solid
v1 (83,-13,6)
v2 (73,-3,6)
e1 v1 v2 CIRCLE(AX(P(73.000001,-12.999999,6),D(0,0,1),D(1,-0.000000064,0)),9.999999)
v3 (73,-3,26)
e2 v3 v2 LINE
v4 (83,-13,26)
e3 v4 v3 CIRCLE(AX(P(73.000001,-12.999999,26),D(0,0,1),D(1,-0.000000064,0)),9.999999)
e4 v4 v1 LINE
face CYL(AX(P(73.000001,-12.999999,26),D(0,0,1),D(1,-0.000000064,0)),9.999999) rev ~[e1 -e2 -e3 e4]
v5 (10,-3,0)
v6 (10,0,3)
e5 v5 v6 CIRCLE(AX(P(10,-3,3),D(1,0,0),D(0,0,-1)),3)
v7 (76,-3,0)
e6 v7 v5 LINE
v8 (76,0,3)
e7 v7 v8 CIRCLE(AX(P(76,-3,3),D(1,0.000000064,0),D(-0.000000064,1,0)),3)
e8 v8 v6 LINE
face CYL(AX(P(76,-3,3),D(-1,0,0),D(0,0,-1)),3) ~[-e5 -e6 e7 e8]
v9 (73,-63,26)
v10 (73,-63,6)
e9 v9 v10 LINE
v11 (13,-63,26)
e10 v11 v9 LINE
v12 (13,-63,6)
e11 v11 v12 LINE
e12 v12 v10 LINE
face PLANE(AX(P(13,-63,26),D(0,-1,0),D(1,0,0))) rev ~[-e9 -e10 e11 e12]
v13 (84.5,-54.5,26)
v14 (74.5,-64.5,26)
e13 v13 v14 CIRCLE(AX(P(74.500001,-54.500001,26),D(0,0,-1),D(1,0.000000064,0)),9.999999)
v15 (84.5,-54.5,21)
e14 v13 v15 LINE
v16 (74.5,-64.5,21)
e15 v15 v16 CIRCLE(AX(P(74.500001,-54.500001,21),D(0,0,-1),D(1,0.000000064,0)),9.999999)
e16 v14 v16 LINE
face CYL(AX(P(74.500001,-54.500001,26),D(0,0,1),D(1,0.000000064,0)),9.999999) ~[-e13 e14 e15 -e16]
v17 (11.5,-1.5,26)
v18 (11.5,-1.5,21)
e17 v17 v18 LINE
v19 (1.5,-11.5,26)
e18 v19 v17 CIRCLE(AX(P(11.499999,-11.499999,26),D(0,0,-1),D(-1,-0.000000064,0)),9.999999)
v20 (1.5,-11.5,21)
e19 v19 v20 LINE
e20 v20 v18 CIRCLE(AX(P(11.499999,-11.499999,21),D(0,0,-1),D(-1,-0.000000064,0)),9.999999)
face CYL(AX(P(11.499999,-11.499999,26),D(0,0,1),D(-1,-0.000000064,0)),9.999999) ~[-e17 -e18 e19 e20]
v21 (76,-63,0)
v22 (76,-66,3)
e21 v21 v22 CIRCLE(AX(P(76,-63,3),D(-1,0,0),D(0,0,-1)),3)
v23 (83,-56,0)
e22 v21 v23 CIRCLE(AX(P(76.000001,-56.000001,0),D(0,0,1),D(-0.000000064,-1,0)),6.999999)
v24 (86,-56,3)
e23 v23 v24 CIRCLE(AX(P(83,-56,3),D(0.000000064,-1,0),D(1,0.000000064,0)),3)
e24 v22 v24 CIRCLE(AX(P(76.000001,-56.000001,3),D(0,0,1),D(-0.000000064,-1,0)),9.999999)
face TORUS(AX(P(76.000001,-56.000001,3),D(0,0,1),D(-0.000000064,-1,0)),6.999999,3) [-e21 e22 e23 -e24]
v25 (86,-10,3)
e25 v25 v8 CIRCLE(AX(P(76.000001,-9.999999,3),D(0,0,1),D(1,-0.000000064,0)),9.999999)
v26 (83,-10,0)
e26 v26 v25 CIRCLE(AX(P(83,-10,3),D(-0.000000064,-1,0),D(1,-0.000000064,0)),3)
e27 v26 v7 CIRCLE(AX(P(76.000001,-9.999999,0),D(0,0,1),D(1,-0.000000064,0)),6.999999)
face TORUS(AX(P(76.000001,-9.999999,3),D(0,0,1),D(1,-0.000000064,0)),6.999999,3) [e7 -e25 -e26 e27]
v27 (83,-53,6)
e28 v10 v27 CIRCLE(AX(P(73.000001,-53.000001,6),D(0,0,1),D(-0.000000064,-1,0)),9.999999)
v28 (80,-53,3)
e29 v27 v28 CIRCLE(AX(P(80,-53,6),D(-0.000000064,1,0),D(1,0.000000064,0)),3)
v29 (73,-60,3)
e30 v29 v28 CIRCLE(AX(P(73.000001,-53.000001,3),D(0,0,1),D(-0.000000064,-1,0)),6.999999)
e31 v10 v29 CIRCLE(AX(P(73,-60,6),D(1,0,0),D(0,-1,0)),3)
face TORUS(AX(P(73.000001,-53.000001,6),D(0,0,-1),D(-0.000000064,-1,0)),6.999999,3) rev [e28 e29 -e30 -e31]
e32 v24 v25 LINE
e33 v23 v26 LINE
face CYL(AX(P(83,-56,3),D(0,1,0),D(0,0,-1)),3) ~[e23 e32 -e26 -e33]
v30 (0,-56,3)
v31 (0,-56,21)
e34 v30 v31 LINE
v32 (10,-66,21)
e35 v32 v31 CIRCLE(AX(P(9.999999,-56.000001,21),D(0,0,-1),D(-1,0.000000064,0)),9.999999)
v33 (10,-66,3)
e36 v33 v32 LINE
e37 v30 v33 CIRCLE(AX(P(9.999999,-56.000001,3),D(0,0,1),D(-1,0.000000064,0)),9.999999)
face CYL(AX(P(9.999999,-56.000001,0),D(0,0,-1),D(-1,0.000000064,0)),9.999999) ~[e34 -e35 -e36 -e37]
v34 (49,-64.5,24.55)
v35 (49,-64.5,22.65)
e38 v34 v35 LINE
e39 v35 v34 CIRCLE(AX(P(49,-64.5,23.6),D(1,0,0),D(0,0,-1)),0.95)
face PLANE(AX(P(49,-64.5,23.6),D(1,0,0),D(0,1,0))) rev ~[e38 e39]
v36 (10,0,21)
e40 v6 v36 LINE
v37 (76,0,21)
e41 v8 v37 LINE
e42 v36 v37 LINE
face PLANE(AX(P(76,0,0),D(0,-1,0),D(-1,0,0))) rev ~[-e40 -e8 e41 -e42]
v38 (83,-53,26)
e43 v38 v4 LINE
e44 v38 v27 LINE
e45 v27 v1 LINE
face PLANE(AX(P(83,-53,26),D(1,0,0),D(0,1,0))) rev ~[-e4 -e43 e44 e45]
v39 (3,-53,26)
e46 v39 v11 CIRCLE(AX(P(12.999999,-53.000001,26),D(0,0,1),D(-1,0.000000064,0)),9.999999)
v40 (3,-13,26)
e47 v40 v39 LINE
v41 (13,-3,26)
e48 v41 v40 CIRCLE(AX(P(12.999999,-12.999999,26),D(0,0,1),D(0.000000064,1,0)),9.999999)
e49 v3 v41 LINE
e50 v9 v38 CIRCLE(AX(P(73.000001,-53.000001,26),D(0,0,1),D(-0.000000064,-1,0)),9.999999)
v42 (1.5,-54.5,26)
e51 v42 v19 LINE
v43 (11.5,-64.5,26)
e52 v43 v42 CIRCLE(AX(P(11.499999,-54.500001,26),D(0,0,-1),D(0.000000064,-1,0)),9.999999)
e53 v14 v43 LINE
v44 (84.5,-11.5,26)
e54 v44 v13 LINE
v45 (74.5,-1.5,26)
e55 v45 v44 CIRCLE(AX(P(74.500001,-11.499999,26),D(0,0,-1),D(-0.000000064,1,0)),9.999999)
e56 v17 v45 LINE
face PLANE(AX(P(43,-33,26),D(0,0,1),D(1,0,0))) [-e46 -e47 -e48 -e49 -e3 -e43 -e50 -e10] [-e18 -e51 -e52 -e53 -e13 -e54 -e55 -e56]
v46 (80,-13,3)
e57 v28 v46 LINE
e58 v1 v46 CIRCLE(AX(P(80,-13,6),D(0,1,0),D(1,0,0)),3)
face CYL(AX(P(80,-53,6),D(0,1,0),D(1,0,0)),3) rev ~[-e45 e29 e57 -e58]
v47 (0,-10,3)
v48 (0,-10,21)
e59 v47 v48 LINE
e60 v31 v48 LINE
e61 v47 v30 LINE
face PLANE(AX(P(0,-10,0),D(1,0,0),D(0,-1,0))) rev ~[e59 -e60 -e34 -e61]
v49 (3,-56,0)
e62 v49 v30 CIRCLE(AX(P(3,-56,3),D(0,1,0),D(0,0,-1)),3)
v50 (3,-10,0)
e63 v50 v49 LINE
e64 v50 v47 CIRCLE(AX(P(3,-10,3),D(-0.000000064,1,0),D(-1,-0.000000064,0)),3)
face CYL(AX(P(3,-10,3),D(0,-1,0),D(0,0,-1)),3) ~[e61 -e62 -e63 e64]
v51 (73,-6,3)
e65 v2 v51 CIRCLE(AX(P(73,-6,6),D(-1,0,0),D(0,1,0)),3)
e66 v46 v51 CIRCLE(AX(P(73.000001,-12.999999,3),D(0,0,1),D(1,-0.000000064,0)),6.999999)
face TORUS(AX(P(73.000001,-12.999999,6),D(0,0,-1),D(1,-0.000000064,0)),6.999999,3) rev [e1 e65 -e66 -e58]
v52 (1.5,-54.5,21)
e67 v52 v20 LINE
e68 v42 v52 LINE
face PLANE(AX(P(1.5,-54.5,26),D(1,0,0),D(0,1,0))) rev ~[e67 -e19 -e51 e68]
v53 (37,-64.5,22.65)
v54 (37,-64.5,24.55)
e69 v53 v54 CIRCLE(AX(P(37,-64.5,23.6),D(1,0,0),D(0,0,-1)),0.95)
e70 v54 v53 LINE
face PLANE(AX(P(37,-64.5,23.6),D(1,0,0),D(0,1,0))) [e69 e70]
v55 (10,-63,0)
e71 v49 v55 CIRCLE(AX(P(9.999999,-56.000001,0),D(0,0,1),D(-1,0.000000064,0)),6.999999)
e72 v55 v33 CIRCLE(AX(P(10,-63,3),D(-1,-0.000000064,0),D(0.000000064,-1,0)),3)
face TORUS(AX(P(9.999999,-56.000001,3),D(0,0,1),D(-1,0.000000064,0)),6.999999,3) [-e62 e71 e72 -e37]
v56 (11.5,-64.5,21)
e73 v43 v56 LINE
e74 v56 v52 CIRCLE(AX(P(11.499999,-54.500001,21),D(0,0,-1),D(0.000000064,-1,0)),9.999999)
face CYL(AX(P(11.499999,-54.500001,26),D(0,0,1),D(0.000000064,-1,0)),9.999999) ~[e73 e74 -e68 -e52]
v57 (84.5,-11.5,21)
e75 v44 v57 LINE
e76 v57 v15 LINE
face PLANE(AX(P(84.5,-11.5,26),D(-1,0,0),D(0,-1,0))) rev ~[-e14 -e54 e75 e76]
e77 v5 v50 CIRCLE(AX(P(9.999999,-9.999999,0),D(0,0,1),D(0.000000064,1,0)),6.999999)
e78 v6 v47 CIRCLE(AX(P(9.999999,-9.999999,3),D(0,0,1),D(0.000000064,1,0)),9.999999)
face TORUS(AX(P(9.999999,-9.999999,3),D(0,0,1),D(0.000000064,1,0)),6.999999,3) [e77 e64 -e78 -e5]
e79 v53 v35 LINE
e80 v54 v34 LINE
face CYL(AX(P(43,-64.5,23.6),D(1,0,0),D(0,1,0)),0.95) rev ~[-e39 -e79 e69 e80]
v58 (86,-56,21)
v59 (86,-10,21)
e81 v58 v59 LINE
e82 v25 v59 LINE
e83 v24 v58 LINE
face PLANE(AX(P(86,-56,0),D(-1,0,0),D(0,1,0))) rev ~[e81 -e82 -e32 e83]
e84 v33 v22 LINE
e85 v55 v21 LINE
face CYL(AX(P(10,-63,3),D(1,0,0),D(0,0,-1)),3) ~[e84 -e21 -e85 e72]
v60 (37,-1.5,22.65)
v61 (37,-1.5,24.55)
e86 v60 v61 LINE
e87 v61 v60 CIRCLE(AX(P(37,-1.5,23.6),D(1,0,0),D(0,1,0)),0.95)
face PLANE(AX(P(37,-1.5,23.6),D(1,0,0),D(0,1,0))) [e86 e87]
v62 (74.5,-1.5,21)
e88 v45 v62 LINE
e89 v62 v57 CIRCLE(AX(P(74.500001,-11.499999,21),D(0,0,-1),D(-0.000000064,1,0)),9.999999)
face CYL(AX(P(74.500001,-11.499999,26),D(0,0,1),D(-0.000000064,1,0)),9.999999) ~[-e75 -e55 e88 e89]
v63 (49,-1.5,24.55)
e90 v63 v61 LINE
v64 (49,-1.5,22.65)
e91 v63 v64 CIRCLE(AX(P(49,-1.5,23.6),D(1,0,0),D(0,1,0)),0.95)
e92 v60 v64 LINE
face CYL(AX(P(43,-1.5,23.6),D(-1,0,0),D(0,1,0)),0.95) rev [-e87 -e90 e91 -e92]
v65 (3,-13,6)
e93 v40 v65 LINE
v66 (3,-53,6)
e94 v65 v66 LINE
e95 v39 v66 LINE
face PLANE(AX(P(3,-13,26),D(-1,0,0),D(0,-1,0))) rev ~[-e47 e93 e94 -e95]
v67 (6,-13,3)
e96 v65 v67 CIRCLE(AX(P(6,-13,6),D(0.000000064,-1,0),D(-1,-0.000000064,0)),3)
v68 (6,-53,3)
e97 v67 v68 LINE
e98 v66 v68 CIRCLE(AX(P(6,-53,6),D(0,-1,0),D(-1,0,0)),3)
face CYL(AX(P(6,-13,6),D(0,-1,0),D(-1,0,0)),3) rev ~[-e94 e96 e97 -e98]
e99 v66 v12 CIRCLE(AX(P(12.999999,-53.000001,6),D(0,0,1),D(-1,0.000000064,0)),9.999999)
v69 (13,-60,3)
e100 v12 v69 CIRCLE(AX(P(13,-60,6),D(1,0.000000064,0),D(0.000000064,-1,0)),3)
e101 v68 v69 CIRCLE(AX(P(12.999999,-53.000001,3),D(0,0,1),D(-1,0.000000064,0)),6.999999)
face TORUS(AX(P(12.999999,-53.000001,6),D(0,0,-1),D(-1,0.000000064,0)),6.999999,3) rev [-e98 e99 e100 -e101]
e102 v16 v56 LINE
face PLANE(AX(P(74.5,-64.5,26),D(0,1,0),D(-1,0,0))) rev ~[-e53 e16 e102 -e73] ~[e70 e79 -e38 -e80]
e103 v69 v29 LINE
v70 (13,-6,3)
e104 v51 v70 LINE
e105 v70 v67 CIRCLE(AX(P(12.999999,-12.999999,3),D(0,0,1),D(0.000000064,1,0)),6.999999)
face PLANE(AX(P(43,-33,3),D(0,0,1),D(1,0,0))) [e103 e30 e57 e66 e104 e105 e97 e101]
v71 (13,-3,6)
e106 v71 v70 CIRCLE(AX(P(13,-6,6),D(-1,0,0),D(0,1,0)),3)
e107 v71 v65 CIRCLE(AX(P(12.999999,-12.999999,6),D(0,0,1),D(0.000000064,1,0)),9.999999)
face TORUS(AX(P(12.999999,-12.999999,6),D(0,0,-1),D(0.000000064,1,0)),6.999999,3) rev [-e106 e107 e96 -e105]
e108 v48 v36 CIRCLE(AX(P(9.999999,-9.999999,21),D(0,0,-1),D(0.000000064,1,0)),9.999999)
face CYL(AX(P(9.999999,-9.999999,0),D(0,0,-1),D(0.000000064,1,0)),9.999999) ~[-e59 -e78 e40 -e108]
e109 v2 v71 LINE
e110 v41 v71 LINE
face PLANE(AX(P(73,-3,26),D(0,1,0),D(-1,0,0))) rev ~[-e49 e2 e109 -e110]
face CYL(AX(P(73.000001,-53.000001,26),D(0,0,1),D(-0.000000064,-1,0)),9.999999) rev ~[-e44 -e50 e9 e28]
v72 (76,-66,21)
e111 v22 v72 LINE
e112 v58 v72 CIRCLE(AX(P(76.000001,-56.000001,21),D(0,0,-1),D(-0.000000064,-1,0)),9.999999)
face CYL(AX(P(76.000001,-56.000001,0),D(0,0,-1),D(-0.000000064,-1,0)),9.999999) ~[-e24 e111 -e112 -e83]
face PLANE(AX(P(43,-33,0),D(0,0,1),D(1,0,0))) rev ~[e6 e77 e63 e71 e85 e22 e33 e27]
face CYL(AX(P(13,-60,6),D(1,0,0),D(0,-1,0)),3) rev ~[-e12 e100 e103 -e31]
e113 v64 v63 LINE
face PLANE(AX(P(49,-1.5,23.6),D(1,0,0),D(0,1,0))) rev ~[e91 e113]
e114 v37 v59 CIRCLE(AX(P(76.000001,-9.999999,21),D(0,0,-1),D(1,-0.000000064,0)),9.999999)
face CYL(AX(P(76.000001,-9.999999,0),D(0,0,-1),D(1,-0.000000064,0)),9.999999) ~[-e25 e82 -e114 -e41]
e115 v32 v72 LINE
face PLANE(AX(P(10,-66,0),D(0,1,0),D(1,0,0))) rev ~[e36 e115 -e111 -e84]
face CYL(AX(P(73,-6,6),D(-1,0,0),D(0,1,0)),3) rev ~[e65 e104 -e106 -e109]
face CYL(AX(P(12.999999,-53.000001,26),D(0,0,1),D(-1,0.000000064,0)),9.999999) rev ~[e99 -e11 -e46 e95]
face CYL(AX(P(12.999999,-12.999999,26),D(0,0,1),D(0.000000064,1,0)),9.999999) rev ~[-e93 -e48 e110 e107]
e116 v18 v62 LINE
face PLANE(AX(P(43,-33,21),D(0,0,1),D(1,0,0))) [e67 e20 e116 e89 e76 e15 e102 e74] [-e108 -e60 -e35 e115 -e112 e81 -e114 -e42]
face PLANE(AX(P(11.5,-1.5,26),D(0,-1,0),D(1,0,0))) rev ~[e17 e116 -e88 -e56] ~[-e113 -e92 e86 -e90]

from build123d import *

# Parameters (mm, degrees)
F1_DEPTH  = 26
F3_DEPTH  = 23
F4_W      = 86
F4_H      = 66
F5_DEPTH  = 5
F6_R      = 3
F7_R      = 3
F9_R      = 0.95
F10_DEPTH = 6


with BuildPart() as f1:
    # F0 (on Top) → F1 (new body)
    with BuildSketch(Plane.XY):
        with BuildLine():
            Line((76, 0), (10, 0))
            ThreePointArc((10, 0), (2.928932, -2.928932), (0, -10))
            Line((0, -10), (0, -56))
            ThreePointArc((0, -56), (2.928932, -63.071068), (10, -66))
            Line((10, -66), (76, -66))
            ThreePointArc((76, -66), (83.071068, -63.071068), (86, -56))
            Line((86, -56), (86, -10))
            ThreePointArc((86, -10), (83.071068, -2.928932), (76, 0))
        make_face()
    extrude(amount=F1_DEPTH)

    # F2 (on face) → F3 (cut)
    with BuildSketch(Plane.XY.offset(26)):
        with BuildLine():
            Line((73, -3), (13, -3))
            ThreePointArc((13, -3), (5.928932, -5.928932), (3, -13))
            Line((3, -13), (3, -53))
            ThreePointArc((3, -53), (5.928932, -60.071068), (13, -63))
            Line((13, -63), (73, -63))
            ThreePointArc((73, -63), (80.071068, -60.071068), (83, -53))
            Line((83, -53), (83, -13))
            ThreePointArc((83, -13), (80.071068, -5.928932), (73, -3))
        make_face()
    extrude(amount=-F3_DEPTH, mode=Mode.SUBTRACT)

    # F4 (on face) → F5 (cut)
    with BuildSketch(Plane.XY.offset(26)):
        with Locations((43, -33)):
            Rectangle(F4_W, F4_H)
        with BuildLine():
            ThreePointArc((1.5, -11.5), (4.428932, -4.428932), (11.5, -1.5))
            Line((11.5, -1.5), (74.5, -1.5))
            ThreePointArc((74.5, -1.5), (81.571068, -4.428932), (84.5, -11.5))
            Line((84.5, -11.5), (84.5, -54.5))
            ThreePointArc((84.5, -54.5), (81.571068, -61.571068), (74.5, -64.5))
            Line((74.5, -64.5), (11.5, -64.5))
            ThreePointArc((11.5, -64.5), (4.428932, -61.571068), (1.5, -54.5))
            Line((1.5, -54.5), (1.5, -11.5))
        make_face(mode=Mode.SUBTRACT)
    extrude(amount=-F5_DEPTH, mode=Mode.SUBTRACT)

    # F6
    f6_edges = [f1.edges().sort_by_distance(p)[0] for p in [
        (83.071068, -2.928932, 0),
        (43, 0, 0),
        (2.928932, -2.928932, 0),
        (0, -33, 0),
        (2.928932, -63.071068, 0),
        (43, -66, 0),
        (83.071068, -63.071068, 0),
        (86, -33, 0),
    ]]
    fillet(f6_edges, radius=F6_R)

    # F7
    f7_edges = [f1.edges().sort_by_distance(p)[0] for p in [
        (43, -3, 3),
        (5.928932, -5.928932, 3),
        (3, -33, 3),
        (5.928932, -60.071068, 3),
        (43, -63, 3),
        (80.071068, -60.071068, 3),
        (83, -33, 3),
        (80.071068, -5.928932, 3),
    ]]
    fillet(f7_edges, radius=F7_R)

    # F9 (on offset) → F10 (cut, symmetric)
    with BuildSketch(Plane.YZ.offset(43)):
        with Locations((-1.5, 23.6)):
            Circle(F9_R)
        with Locations((-64.5, 23.6)):
            Circle(F9_R)
    extrude(amount=F10_DEPTH, both=True, mode=Mode.SUBTRACT)


solid = f1.part
